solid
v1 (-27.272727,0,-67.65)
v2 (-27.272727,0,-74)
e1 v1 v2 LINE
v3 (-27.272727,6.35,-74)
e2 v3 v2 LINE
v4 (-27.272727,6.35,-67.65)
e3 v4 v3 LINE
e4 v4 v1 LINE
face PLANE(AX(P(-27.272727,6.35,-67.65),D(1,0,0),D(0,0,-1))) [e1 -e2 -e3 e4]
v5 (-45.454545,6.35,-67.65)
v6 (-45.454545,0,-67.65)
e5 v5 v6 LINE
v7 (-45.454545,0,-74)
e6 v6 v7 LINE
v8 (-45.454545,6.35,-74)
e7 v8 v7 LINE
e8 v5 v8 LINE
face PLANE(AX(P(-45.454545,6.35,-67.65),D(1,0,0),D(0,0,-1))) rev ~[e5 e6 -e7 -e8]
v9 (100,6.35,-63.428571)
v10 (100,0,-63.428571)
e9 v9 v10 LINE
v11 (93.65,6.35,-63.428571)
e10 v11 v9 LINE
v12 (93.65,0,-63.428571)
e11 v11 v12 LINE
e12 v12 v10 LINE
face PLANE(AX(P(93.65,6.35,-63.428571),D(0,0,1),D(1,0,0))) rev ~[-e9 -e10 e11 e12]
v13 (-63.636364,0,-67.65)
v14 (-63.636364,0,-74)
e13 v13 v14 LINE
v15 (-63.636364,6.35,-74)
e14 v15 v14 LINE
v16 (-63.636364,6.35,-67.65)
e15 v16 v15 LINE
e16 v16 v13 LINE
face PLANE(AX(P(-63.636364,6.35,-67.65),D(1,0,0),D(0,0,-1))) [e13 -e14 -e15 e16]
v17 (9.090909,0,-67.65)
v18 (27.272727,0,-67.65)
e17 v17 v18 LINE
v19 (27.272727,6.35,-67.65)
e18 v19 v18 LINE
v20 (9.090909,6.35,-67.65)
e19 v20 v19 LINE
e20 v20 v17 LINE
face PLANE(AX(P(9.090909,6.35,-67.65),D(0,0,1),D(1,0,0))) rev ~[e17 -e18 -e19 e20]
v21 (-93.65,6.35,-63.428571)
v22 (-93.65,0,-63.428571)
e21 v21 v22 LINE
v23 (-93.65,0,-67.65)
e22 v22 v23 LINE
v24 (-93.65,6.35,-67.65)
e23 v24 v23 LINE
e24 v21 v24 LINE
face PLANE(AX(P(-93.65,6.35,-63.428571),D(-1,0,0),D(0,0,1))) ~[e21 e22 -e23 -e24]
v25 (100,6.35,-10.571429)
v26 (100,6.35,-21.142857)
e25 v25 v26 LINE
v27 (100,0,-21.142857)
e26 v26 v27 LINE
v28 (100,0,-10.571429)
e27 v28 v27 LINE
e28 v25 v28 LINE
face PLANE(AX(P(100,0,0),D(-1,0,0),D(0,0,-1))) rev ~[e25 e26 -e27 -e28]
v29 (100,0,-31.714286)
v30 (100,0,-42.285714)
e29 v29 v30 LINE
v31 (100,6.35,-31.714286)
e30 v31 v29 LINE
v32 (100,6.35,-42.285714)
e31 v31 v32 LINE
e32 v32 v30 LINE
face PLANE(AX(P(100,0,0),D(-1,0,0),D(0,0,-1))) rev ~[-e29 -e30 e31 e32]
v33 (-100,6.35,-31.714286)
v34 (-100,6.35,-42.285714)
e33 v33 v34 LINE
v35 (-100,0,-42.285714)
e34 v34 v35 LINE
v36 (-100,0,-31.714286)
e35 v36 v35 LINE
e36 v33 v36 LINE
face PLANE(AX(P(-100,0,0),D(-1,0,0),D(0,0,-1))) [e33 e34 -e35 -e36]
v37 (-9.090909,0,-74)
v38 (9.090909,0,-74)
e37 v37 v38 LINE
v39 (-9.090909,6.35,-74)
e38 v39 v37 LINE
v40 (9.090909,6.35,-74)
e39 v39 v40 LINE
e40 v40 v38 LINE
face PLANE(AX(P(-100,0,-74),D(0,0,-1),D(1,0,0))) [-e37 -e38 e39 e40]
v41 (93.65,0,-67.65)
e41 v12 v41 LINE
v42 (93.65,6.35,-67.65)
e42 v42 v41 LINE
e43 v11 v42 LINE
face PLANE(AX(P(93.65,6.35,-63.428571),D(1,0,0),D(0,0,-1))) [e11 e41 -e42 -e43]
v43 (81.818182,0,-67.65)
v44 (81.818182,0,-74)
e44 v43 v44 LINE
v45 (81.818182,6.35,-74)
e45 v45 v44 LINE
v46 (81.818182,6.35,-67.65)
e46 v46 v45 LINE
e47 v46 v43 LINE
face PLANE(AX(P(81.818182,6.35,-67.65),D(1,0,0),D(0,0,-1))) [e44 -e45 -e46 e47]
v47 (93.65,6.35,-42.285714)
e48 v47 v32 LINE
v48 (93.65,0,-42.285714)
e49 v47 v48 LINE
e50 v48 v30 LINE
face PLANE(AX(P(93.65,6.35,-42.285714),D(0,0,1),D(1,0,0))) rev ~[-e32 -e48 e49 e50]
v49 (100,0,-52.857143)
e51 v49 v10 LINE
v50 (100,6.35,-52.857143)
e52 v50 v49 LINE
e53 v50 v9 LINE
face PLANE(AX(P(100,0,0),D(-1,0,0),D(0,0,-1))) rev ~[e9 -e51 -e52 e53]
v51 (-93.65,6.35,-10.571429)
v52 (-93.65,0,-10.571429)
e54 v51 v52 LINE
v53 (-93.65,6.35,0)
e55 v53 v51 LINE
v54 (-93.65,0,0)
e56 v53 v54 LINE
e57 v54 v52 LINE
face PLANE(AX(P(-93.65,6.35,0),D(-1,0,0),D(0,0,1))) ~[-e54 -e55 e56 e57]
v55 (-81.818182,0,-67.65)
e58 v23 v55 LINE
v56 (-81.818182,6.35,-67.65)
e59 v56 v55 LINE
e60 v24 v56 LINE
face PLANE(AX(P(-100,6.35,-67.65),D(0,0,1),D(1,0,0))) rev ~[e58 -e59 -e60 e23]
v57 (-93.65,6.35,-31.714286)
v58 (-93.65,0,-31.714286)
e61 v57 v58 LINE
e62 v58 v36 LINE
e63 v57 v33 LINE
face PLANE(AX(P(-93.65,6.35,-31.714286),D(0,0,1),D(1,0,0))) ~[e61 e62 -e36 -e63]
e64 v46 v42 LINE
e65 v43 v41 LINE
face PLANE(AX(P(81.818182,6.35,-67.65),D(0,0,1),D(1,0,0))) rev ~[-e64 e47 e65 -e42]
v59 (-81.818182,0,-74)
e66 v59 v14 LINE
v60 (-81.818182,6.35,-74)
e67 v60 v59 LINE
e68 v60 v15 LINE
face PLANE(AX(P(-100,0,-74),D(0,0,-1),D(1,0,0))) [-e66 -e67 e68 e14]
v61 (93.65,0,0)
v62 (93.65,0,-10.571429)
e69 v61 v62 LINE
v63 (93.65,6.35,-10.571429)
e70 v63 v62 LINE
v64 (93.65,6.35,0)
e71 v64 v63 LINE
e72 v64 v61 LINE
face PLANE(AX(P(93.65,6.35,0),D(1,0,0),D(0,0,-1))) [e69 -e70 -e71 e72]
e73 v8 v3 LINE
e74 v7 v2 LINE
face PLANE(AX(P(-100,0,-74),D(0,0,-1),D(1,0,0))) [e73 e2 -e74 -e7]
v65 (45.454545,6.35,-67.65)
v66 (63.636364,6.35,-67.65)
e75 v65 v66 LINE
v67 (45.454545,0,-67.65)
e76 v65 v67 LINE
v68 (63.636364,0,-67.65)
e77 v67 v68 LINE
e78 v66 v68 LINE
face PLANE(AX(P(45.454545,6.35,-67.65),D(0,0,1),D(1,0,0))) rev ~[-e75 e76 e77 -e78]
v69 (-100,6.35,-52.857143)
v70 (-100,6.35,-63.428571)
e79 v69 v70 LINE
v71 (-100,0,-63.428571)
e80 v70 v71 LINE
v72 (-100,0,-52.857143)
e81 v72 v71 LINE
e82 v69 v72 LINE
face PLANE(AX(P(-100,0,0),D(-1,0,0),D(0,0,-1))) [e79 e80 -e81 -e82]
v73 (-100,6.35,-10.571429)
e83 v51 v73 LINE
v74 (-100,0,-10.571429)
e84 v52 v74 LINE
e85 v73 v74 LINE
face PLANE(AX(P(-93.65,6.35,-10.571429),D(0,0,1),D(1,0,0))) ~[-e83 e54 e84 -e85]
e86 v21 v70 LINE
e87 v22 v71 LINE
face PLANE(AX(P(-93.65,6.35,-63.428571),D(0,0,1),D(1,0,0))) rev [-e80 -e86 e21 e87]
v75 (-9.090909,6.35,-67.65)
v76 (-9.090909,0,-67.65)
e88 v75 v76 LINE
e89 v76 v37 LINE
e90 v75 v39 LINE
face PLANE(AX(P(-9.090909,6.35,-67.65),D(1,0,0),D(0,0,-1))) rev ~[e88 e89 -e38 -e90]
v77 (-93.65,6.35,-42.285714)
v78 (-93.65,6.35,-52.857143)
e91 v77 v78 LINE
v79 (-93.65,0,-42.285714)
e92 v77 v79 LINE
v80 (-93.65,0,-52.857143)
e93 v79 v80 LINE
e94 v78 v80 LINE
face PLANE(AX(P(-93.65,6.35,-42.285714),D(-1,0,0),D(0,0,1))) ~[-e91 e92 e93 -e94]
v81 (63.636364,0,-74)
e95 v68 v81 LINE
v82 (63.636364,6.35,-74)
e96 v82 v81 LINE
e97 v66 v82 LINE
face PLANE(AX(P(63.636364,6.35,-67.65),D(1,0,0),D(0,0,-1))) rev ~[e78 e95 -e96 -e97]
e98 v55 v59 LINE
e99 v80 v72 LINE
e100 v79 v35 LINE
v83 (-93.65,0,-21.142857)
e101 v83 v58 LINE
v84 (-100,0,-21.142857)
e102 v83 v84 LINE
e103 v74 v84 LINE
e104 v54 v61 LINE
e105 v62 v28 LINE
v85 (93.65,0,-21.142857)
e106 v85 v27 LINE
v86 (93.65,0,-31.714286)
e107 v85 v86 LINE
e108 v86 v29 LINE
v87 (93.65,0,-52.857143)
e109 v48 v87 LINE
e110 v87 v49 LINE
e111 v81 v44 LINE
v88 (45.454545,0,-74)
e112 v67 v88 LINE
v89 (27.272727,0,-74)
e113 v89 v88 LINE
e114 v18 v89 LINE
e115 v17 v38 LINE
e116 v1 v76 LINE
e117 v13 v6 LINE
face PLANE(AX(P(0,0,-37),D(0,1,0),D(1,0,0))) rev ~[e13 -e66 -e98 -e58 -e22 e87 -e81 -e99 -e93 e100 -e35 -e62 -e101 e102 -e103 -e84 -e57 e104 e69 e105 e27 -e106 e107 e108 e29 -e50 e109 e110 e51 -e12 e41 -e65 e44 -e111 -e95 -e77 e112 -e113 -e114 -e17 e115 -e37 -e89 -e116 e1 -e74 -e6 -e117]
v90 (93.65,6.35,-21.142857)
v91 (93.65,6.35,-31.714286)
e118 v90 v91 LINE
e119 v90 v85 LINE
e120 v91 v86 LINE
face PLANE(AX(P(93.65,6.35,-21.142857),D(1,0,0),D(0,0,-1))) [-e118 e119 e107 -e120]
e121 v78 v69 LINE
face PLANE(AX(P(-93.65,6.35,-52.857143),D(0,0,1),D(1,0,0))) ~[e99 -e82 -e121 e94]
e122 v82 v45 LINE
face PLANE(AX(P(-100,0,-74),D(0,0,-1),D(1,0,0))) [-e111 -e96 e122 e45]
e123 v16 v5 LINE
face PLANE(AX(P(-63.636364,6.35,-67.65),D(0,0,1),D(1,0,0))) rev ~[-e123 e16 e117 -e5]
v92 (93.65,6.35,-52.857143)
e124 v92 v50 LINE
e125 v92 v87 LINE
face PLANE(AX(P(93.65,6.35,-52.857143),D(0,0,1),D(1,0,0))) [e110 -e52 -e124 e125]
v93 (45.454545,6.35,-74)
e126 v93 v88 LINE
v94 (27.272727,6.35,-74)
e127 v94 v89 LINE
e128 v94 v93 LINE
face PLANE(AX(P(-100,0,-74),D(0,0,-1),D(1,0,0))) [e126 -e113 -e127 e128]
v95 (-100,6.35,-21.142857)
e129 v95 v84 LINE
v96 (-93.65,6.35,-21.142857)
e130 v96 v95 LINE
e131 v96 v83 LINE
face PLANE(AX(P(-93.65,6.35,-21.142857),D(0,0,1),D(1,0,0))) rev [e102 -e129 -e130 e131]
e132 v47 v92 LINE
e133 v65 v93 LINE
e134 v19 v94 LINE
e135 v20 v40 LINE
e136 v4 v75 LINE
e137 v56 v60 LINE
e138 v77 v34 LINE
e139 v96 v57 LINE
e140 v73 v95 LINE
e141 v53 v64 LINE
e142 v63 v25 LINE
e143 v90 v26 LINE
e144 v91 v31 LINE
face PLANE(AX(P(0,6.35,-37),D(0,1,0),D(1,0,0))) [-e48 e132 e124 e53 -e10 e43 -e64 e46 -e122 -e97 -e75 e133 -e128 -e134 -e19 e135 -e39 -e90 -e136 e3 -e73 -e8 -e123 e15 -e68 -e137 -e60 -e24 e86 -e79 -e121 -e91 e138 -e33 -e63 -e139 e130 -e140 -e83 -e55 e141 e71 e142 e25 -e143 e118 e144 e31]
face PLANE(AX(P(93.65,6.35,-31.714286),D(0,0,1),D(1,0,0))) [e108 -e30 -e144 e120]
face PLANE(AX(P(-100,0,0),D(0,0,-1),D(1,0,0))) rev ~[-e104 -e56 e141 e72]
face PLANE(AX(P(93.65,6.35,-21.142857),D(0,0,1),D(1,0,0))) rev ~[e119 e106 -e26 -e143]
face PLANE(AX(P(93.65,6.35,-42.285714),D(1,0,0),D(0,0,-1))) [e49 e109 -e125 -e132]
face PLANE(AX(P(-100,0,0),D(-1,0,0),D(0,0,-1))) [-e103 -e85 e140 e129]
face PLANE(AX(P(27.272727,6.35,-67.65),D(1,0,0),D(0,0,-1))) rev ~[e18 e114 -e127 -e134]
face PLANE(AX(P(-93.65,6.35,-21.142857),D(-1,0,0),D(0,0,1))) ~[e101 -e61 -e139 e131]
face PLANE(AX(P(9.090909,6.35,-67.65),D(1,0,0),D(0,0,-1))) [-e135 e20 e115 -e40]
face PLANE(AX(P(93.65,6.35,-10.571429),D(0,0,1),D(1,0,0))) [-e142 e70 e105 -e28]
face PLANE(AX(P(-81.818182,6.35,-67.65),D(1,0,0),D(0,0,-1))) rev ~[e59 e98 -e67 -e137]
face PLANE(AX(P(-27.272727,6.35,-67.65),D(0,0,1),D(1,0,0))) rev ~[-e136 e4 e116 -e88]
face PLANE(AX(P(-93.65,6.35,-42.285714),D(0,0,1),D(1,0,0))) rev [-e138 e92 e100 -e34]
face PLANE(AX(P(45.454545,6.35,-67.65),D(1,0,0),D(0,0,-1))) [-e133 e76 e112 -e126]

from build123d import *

# Parameters (mm, degrees)
ESQUISSE1_W             = 200
ESQUISSE1_H             = 74
BOSS_EXTRU_1_DEPTH      = 6.35
ESQUISSE2_W             = 6.35
ESQUISSE2_H             = 10.571428571
ENL_V_MAT_EXTRU_1_DEPTH = 6.35
ESQUISSE3_W             = 18.181818182
ESQUISSE3_H             = 6.35
ESQUISSE3_W_2           = 18.181818181
ENL_V_MAT_EXTRU_2_DEPTH = 6.35


with BuildPart() as part:
    # Esquisse1 → Boss.-Extru.1 (new body)
    with BuildSketch(Plane(origin=(0, 0, 0), x_dir=(1, 0, 0), z_dir=(0, 1, 0))):
        with Locations((0, 37)):
            Rectangle(ESQUISSE1_W, ESQUISSE1_H)
    extrude(amount=BOSS_EXTRU_1_DEPTH)

    # Esquisse2 → Enlèv. mat.-Extru.1 (cut)
    with BuildSketch(Plane(origin=(0, 6.35, 0), x_dir=(1, 0, 0), z_dir=(0, 1, 0))):
        with Locations((96.825, 68.714285714)):
            Rectangle(ESQUISSE2_W, ESQUISSE2_H)
        with Locations((96.825, 47.571428572)):
            Rectangle(ESQUISSE2_W, ESQUISSE2_H)
        with Locations((96.825, 26.428571428)):
            Rectangle(ESQUISSE2_W, ESQUISSE2_H)
        with Locations((96.825, 5.285714286)):
            Rectangle(ESQUISSE2_W, ESQUISSE2_H)
    enl_v_mat_extru_1 = extrude(amount=-ENL_V_MAT_EXTRU_1_DEPTH, mode=Mode.SUBTRACT)

    # Symétrie1: Enlèv. mat.-Extru.1 across plane
    add(enl_v_mat_extru_1.mirror(Plane(origin=(0, 0, 0), x_dir=(0, 0, 1), z_dir=(1, 0, 0))), mode=Mode.SUBTRACT)

    # Esquisse3 → Enlèv. mat.-Extru.2 (cut)
    with BuildSketch(Plane(origin=(0, 6.35, 0), x_dir=(1, 0, 0), z_dir=(0, 1, 0))):
        with Locations((-90.909090909, 70.825)):
            Rectangle(ESQUISSE3_W, ESQUISSE3_H)
        with Locations((-54.545454546, 70.825)):
            Rectangle(ESQUISSE3_W_2, ESQUISSE3_H)
        with Locations((-18.181818182, 70.825)):
            Rectangle(ESQUISSE3_W, ESQUISSE3_H)
        with Locations((18.181818182, 70.825)):
            Rectangle(ESQUISSE3_W, ESQUISSE3_H)
        with Locations((54.545454546, 70.825)):
            Rectangle(ESQUISSE3_W_2, ESQUISSE3_H)
        with Locations((90.909090909, 70.825)):
            Rectangle(ESQUISSE3_W, ESQUISSE3_H)
    extrude(amount=-ENL_V_MAT_EXTRU_2_DEPTH, mode=Mode.SUBTRACT)


solid = part.part
